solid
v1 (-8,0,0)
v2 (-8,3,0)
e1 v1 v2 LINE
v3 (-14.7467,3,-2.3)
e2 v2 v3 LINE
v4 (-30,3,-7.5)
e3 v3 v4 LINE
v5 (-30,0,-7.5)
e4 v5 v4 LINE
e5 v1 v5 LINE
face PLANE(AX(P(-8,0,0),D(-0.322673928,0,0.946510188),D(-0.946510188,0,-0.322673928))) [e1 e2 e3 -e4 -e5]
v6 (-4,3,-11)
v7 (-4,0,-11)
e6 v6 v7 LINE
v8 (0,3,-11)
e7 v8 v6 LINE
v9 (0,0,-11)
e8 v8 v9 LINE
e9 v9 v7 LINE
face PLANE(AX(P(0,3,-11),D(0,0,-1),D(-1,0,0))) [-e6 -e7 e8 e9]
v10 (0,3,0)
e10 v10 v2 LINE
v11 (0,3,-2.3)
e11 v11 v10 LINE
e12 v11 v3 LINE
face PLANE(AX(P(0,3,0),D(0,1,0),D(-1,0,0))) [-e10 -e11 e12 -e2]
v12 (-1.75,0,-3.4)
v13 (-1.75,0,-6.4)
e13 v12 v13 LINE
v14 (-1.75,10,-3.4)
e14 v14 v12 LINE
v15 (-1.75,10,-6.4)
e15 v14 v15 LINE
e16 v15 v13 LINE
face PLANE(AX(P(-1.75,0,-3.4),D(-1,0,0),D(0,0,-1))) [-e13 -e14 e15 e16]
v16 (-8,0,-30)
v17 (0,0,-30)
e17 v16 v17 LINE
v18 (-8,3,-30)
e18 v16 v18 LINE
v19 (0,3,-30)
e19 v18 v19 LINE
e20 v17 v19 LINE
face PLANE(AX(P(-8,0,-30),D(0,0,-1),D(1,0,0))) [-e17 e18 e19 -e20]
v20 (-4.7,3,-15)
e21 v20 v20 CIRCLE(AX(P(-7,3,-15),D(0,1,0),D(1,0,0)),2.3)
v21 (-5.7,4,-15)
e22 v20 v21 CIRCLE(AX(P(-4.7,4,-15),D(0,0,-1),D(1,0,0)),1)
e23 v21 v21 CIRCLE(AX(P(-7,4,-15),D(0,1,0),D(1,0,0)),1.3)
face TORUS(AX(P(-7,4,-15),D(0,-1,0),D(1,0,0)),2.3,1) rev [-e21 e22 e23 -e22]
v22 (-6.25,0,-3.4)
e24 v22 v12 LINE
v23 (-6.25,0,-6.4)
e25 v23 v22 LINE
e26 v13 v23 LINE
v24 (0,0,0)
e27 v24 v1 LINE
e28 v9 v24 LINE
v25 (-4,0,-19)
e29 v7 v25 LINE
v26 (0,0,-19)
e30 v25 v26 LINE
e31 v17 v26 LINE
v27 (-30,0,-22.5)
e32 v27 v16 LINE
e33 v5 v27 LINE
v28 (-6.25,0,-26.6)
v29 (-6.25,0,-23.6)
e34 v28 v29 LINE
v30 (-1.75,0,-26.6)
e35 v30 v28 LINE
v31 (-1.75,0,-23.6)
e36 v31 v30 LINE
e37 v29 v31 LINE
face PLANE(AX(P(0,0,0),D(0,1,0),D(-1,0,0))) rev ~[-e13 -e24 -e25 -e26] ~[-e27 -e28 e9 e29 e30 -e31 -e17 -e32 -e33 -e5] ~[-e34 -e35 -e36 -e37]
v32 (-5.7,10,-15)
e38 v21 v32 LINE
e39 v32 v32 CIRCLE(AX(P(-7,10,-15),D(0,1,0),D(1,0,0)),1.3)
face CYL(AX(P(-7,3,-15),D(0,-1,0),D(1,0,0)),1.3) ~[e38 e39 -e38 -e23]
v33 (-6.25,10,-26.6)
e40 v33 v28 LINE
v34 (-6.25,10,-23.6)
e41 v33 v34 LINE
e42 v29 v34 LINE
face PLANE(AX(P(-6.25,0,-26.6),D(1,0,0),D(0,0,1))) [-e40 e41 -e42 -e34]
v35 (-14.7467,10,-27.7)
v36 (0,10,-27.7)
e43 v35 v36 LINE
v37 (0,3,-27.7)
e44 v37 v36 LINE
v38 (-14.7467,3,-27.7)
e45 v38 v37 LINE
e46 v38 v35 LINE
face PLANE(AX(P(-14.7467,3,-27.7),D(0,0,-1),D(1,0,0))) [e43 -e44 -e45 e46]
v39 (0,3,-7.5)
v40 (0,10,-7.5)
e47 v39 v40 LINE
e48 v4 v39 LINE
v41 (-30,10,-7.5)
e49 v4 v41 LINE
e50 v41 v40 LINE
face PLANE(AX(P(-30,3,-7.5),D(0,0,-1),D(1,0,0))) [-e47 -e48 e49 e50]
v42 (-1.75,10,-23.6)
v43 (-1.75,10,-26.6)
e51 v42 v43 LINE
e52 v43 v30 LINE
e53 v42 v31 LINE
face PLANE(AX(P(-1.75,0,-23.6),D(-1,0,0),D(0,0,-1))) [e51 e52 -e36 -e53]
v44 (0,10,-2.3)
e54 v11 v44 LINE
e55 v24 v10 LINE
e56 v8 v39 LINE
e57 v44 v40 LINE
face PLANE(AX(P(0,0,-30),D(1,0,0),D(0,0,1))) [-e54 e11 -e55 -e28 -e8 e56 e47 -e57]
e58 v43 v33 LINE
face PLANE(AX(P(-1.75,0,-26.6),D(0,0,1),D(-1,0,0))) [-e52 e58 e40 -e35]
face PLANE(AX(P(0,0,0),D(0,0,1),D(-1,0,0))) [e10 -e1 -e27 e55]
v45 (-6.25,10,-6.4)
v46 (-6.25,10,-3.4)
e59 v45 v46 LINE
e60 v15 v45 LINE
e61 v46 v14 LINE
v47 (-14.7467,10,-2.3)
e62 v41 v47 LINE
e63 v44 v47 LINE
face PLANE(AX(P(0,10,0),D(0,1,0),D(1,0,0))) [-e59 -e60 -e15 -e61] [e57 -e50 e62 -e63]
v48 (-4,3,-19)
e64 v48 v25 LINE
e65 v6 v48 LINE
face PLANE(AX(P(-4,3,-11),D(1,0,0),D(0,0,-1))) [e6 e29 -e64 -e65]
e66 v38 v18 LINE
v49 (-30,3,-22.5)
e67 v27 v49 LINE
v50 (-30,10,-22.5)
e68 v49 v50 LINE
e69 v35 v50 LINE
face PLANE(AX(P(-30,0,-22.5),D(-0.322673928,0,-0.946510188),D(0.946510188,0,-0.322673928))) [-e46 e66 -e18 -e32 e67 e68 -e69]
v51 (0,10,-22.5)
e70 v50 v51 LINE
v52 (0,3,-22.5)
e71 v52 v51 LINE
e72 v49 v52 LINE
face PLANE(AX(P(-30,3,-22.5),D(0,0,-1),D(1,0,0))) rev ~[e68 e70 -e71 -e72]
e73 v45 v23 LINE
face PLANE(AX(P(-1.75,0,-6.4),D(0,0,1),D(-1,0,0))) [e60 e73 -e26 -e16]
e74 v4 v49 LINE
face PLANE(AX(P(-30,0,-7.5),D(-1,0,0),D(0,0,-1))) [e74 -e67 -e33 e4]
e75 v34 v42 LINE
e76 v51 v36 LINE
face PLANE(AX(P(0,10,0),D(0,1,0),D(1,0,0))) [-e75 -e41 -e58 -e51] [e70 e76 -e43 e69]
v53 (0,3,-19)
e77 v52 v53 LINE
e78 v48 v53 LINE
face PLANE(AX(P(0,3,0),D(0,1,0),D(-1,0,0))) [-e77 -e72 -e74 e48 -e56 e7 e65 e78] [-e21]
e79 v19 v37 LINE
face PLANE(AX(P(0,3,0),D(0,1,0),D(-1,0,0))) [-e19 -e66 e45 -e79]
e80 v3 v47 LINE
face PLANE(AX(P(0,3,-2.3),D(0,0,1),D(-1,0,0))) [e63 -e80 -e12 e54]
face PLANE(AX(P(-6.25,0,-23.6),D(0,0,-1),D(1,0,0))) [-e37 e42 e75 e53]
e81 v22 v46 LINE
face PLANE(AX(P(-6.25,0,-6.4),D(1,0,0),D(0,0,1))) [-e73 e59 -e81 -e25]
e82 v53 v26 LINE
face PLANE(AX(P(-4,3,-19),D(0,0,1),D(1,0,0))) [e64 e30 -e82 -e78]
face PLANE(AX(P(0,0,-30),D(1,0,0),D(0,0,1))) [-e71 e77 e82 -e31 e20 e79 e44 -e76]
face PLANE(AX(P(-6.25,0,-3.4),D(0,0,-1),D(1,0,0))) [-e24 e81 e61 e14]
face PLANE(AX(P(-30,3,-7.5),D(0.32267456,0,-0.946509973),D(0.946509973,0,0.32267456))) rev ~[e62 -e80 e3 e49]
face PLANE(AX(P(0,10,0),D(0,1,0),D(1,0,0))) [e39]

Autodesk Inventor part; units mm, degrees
ref_plane "YZ Plane" through (0, 0, 0) normal (1, 0, 0) x (0, 1, 0)
ref_plane "XZ Plane" through (0, 0, 0) normal (0, 1, 0) x (-1, 0, 0)
ref_plane "XY Plane" through (0, 0, 0) normal (0, 0, 1) x (1, 0, 0)
sketch "Sketch1" plane through (0, 0, 0) normal (0, 1, 0) x (-1, 0, 0)
  line L0 (0, 0) -> (8, 0)
  line L1 (8, -30) -> (0, -30)
  line L2 (0, -30) -> (0, 0)
  line L3 (6.25, -3.4) -> (1.75, -3.4)
  line L4 (1.75, -3.4) -> (1.75, -6.4)
  line L5 (1.75, -6.4) -> (6.25, -6.4)
  line L6 (6.25, -6.4) -> (6.25, -3.4)
  line L7 (6.25, -23.6) -> (1.75, -23.6)
  line L8 (1.75, -23.6) -> (1.75, -26.6)
  line L9 (1.75, -26.6) -> (6.25, -26.6)
  line L10 (6.25, -26.6) -> (6.25, -23.6)
  line L11 (8, 0) -> (30, -7.5)
  line L12 (30, -7.5) -> (30, -22.5)
  line L13 (30, -22.5) -> (8, -30)
  dimension "d0" = 30
  dimension "d1" = 8
  dimension "d2" = 4.5
  dimension "d3" = 3
  dimension "d4" = 3
  dimension "d5" = 17.2
  dimension "d6" = 3.4
  dimension "d7" = 1.75
  dimension "d8" = 15
  dimension "d10" = 7.5
  dimension "d11" = 22
  dimension "d12" = 22
extrude "Extrusion1" add sketch "Sketch1" along normal blind 3
sketch "Sketch2" plane through (0, 3, 0) normal (0, 1, 0) x (1, 0, 0)
  circle A0 centre (-7, 15) radius 1.3
  line L0 (-30, 22.5) -> (-30, 7.5) projected
  line L1 (-30, 7.5) -> (0, 7.5)
  line L2 (-30, 22.5) -> (0, 22.5)
  line L3 (-30, 7.5) -> (-14.7467, 2.3)
  line L4 (-30, 7.5) -> (-8, 0) projected
  line L5 (0, 0) -> (0, 30) projected
  line L6 (0, 2.3) -> (0, 7.5)
  line L7 (0, 2.3) -> (-14.7467, 2.3)
  line L8 (-8, 30) -> (-30, 22.5) projected
  line L9 (-30, 22.5) -> (-14.7467, 27.7)
  line L10 (-14.7467, 27.7) -> (0, 27.7)
  line L11 (0, 27.7) -> (0, 22.5)
  line L12 (-8, 0) -> (0, 0) projected
  line L13 (-1.75, 3.4) -> (-6.25, 3.4) projected
  line L14 (-6.25, 26.6) -> (-1.75, 26.6) projected
  point P0 (0, 27.7)
  dimension "d17" = 2.6
  dimension "d21" = 1.1
  dimension "d22" = 1.1
  dimension "d23" = 15
  dimension "d24" = 7
extrude "Extrusion2" add sketch "Sketch2" along normal blind 7 contours A0 | L8 L10 L5 L2 | L1 L5 L7 L3
sketch "Sketch3" plane through (0, 0, 0) normal (0, -1, 0) x (1, 0, 0)
  line L0 (-1.75, -6.4) -> (-1.75, -3.4) projected
  line L1 (-1.75, -3.4) -> (-6.25, -3.4)
  line L2 (-6.25, -3.4) -> (-6.25, -6.4)
  line L3 (-6.25, -6.4) -> (-1.75, -6.4)
  line L4 (-1.75, -6.4) -> (-1.75, -3.4)
  line L5 (-1.75, -26.6) -> (-1.75, -23.6) projected
  line L6 (-6.25, -26.6) -> (-1.75, -26.6) projected
  line L7 (-1.75, -23.6) -> (-6.25, -23.6)
  line L8 (-6.25, -23.6) -> (-6.25, -26.6)
  line L9 (-6.25, -26.6) -> (-1.75, -26.6)
  line L10 (-1.75, -26.6) -> (-1.75, -23.6)
  point P0 (0, 0)
extrude "Extrusion3" cut sketch "Sketch3" against normal through all
sketch "Sketch4" plane through (0, 3, 0) normal (0, 1, 0) x (1, 0, 0)
  line L0 (0, 7.5) -> (0, 22.5) projected
  line L1 (0, 11) -> (-4, 11)
  line L2 (-4, 11) -> (-4, 19)
  line L3 (-4, 19) -> (0, 19)
  line L4 (0, 19) -> (0, 11)
  circle A0 centre (-7, 15) radius 1.3 projected
  line L5 (0, 7.5) -> (-30, 7.5) projected
  point P0 (0, 0)
  point P1 (0, 19)
  dimension "d29" = 3
  dimension "d30" = 8
  dimension "d31" = 3.5
extrude "Extrusion4" cut sketch "Sketch4" against normal through all contours L1 L2 L3 L0
fillet "Fillet1" radius 1 1 edges at (-8.3, 3, -15)
properties part number "IRMount"
